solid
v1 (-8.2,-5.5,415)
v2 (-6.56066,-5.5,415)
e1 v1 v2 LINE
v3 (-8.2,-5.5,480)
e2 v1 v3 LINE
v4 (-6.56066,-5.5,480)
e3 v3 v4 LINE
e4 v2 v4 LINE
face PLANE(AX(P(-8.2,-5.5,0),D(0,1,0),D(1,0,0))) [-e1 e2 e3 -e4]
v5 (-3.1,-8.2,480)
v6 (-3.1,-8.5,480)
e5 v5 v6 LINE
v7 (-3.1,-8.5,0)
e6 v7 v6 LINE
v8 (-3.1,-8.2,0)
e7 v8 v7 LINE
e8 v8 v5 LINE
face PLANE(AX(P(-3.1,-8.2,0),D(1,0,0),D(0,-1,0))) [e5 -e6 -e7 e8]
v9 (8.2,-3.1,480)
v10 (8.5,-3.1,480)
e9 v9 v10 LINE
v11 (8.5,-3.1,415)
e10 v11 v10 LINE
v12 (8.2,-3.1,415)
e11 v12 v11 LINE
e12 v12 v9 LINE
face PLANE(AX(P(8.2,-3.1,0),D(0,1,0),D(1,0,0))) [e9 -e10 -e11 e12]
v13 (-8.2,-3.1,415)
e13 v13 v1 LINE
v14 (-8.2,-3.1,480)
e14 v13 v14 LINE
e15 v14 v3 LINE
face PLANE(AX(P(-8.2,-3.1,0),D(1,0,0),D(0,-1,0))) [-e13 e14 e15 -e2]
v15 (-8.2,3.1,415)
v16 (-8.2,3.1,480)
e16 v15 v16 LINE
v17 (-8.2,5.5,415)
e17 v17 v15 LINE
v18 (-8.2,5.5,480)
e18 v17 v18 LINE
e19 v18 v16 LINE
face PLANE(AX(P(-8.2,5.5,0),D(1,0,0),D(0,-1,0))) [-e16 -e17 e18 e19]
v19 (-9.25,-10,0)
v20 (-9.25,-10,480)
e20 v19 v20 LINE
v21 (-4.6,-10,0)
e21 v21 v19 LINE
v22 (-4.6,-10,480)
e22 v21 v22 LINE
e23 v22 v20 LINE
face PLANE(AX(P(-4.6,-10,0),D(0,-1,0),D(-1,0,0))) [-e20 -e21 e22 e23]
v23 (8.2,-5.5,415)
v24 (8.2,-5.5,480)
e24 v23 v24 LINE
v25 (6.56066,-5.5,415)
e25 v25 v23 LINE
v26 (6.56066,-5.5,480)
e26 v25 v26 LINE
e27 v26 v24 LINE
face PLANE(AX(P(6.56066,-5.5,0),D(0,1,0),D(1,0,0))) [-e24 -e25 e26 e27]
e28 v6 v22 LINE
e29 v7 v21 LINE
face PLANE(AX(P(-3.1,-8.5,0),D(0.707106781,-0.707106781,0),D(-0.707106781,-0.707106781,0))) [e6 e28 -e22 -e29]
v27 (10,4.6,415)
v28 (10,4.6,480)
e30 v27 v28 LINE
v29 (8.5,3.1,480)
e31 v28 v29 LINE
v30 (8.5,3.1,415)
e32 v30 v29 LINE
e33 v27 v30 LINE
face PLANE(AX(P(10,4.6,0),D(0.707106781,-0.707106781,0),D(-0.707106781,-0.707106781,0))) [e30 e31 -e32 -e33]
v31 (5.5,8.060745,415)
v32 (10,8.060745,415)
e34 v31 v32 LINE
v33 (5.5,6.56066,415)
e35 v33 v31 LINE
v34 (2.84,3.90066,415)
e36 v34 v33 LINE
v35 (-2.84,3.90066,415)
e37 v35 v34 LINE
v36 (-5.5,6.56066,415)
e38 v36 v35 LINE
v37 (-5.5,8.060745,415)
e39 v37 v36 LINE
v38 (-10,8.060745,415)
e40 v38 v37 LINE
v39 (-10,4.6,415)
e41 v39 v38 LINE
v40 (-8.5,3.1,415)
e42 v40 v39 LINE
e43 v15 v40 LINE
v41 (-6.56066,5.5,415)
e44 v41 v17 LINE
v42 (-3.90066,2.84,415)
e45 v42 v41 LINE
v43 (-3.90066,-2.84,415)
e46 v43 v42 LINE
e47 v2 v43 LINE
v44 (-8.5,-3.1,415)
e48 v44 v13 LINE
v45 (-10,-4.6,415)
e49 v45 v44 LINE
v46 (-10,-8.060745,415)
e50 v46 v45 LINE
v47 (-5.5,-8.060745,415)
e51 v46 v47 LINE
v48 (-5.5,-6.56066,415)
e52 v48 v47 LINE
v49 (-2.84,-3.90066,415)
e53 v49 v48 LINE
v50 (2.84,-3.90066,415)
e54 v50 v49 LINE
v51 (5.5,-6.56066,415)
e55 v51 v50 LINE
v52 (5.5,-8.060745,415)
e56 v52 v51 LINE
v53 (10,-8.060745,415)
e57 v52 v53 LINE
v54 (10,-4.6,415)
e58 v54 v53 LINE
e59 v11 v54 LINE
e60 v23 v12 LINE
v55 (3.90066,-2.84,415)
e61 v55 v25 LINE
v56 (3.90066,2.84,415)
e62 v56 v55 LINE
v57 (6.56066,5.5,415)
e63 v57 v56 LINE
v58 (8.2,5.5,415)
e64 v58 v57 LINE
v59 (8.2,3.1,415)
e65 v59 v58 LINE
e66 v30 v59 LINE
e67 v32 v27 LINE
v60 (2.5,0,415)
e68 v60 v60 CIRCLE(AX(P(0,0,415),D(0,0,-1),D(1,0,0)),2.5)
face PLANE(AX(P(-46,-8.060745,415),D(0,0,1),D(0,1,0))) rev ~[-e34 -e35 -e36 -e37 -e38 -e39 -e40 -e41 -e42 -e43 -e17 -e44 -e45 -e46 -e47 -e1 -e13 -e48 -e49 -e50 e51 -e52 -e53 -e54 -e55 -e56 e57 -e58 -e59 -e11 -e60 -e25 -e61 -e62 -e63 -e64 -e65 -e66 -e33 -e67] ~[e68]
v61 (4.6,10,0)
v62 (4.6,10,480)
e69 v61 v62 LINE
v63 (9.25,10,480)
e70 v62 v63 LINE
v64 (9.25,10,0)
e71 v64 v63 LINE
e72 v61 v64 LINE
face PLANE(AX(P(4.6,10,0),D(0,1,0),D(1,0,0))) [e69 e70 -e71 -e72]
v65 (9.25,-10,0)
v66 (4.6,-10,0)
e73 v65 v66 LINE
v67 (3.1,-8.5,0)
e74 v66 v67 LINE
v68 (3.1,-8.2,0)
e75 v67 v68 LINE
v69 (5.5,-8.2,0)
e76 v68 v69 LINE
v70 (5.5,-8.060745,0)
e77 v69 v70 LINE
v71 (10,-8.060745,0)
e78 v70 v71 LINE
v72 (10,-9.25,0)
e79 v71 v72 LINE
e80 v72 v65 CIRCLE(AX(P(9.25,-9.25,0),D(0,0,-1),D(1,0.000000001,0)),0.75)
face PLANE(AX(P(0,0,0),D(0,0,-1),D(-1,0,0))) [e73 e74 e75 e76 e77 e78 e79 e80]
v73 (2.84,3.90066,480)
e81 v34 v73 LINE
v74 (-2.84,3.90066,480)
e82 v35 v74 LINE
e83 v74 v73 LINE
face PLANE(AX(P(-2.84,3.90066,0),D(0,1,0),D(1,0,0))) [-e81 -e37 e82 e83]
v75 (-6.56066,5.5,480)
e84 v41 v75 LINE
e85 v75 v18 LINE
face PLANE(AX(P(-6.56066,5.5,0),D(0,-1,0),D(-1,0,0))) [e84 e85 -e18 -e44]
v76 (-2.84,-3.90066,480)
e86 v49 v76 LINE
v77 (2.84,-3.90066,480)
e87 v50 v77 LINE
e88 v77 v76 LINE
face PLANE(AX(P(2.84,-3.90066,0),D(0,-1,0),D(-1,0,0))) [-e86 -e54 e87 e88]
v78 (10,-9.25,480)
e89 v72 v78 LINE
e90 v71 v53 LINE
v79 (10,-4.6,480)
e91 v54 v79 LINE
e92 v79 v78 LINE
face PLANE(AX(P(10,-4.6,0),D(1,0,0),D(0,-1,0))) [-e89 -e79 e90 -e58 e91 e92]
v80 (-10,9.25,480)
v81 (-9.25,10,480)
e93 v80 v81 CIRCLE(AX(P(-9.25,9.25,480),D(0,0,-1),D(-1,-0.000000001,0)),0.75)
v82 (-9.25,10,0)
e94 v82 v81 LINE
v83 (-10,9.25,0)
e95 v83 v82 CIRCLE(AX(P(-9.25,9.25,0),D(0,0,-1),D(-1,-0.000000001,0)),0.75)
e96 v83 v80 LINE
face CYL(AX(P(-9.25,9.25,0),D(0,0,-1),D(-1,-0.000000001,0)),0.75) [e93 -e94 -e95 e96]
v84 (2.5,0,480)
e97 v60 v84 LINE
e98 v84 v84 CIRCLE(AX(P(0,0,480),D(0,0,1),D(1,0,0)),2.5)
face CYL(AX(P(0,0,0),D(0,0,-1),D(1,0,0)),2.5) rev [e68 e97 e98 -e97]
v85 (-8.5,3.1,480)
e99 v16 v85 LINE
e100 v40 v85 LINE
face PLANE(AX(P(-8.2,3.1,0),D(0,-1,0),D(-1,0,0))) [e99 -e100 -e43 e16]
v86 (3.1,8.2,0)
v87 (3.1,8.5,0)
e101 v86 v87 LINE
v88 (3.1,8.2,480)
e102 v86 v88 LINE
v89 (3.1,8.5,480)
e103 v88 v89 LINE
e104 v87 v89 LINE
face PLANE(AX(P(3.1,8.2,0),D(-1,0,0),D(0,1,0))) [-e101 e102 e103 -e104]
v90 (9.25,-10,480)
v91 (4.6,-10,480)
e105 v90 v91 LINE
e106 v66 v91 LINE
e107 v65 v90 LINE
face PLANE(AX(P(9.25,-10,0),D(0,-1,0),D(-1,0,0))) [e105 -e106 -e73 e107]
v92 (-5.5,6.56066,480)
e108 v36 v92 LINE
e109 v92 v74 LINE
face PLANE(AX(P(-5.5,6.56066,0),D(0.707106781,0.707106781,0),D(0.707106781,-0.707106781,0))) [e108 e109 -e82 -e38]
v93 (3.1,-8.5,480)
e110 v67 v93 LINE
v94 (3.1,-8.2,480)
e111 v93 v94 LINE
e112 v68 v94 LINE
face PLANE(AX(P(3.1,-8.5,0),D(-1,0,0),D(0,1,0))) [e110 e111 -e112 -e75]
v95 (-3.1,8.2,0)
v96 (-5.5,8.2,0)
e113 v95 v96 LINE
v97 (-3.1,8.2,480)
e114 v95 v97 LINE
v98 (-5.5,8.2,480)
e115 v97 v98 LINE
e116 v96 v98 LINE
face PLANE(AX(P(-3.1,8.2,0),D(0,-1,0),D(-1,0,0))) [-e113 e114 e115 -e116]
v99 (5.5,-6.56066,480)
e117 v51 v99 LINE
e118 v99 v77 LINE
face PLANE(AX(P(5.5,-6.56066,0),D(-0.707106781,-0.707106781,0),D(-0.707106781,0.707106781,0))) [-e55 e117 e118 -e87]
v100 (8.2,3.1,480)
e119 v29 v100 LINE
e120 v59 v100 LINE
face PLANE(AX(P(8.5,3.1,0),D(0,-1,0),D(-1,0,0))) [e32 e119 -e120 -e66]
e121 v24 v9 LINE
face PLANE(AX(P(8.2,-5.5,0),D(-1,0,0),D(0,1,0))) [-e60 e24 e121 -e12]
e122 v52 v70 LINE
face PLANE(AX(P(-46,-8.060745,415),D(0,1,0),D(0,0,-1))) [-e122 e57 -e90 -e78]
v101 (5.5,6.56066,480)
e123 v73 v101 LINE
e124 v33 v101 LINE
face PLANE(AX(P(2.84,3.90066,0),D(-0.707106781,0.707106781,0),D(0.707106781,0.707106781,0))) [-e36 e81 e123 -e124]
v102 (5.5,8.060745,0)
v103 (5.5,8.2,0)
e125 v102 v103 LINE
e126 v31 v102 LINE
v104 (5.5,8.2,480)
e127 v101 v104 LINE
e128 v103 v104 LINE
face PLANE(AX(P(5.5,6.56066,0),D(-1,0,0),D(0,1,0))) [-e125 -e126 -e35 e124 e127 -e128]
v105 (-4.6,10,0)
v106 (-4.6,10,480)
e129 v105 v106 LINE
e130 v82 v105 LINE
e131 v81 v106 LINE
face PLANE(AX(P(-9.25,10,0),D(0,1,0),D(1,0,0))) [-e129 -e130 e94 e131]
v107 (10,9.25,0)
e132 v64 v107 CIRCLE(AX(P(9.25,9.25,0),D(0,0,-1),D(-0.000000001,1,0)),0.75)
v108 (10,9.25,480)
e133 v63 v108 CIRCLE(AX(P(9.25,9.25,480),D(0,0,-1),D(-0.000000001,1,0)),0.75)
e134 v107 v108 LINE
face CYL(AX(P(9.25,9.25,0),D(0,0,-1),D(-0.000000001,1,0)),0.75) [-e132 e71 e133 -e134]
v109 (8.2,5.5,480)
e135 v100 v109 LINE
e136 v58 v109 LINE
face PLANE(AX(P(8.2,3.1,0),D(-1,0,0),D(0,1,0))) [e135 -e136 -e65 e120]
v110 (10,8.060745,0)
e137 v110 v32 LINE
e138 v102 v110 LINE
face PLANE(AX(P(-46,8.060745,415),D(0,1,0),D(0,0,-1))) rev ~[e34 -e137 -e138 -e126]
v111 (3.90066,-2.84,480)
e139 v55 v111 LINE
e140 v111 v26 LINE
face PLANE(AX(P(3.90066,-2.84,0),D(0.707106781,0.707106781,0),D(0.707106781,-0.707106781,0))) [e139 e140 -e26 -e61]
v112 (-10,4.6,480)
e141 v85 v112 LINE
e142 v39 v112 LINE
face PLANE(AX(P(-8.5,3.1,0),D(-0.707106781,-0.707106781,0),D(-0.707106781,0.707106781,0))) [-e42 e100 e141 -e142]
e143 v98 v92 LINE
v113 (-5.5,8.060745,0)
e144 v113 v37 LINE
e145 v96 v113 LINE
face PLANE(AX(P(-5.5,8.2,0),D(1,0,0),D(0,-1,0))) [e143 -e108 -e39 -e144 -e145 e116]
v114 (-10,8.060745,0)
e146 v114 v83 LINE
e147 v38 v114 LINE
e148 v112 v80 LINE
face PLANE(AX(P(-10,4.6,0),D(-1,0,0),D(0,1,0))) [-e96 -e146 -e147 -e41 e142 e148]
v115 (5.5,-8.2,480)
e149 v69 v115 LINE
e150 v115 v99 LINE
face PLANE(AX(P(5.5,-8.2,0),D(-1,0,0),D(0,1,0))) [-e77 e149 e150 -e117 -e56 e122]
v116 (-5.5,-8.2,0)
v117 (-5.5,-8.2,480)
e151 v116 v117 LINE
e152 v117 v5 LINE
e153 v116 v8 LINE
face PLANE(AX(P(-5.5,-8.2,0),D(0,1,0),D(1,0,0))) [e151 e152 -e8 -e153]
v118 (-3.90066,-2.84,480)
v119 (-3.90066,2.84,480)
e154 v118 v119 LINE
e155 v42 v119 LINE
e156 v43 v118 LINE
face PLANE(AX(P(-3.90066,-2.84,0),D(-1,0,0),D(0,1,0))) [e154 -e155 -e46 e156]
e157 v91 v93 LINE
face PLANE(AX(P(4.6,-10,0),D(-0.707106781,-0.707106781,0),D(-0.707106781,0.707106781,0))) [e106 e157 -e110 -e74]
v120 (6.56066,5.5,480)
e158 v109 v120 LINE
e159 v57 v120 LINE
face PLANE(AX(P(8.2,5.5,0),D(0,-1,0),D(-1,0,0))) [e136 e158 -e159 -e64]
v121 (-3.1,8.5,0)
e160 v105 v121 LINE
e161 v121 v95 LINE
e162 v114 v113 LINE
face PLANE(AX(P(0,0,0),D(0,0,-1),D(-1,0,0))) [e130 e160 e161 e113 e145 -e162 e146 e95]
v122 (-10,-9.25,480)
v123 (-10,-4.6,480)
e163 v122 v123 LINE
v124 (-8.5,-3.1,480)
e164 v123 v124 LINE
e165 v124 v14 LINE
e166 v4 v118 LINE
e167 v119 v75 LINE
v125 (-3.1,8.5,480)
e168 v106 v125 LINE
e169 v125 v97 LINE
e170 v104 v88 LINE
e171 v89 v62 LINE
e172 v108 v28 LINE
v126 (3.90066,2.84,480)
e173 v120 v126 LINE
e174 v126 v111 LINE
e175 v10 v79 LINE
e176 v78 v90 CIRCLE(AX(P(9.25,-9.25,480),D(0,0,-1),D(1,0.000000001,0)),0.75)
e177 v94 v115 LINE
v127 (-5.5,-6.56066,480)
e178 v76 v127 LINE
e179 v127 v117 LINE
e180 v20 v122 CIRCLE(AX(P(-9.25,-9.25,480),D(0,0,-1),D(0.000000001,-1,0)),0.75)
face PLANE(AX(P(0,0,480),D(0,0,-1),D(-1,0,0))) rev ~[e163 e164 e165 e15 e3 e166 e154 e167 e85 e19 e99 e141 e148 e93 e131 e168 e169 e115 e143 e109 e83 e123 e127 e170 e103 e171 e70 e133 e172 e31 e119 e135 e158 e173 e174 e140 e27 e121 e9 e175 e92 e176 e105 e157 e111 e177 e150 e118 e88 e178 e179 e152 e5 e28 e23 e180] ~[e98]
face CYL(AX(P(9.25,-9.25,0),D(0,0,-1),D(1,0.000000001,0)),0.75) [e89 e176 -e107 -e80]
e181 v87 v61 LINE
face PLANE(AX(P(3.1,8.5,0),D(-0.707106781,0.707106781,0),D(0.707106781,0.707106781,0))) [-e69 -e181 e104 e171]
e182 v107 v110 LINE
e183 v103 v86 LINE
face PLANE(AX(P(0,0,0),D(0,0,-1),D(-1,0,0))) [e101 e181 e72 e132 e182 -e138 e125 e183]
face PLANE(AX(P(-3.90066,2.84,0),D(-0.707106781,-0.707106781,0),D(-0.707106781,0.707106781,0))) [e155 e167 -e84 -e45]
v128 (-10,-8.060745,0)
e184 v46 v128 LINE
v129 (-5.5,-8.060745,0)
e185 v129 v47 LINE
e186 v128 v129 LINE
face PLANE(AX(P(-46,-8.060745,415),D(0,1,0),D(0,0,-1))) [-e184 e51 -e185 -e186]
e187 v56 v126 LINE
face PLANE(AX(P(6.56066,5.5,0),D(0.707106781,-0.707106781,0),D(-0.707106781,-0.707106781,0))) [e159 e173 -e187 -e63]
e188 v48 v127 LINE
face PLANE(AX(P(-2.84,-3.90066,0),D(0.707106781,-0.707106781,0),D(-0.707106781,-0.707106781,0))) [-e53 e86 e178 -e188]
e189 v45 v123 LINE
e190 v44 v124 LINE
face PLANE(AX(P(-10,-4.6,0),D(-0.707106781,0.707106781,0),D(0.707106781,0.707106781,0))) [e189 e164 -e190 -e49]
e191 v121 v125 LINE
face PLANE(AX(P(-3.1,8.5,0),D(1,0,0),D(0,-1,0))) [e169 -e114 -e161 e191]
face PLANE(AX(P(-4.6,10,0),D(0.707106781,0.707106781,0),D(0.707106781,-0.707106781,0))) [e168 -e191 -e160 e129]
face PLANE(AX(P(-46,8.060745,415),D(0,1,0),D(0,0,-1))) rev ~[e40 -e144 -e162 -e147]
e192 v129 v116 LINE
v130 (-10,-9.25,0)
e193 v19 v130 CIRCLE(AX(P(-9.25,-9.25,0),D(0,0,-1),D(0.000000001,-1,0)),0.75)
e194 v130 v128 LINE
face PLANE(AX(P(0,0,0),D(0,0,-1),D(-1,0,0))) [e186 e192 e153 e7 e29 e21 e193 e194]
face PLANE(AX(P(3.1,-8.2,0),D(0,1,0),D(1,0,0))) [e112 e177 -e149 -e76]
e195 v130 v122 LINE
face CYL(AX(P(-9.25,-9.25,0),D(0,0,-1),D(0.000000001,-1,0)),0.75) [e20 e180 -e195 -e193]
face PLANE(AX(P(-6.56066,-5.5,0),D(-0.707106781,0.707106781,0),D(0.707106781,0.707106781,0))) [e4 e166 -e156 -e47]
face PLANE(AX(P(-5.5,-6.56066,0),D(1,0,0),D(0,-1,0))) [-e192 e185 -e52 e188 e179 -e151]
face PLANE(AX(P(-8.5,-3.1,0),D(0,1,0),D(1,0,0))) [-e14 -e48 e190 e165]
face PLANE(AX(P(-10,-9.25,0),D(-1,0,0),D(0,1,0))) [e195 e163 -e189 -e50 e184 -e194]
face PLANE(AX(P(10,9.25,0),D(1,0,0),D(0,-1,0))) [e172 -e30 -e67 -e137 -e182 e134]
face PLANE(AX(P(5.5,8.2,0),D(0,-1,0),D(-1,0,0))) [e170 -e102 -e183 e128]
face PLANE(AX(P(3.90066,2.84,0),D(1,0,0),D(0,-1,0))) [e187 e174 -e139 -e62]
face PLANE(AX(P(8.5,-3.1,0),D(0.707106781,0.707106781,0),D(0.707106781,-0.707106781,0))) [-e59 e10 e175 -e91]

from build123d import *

# Parameters (mm, degrees)
CROQUIS1_R              = 2.5
SALIENTE_EXTRUIR1_DEPTH = 480
CUT_EXTRUDE1_DEPTH      = 47
CUT_EXTRUDE1_DEPTH_BACK = 46
SKETCH2_W               = 830
SKETCH2_H               = 16.121490986


with BuildPart() as part:
    # Croquis1 → Saliente-Extruir1 (new body)
    with BuildSketch(Plane.XY):
        with BuildLine():
            Line((-4.6, 10), (-3.1, 8.5))
            Line((-3.1, 8.5), (-3.1, 8.2))
            Line((-3.1, 8.2), (-5.5, 8.2))
            Line((-5.5, 8.2), (-5.5, 6.560660172))
            Line((-5.5, 6.560660172), (-2.84, 3.900660172))
            Line((-2.84, 3.900660172), (0, 3.900660172))
            Line((0, 3.900660172), (2.84, 3.900660172))
            Line((2.84, 3.900660172), (5.5, 6.560660172))
            Line((5.5, 6.560660172), (5.5, 8.2))
            Line((5.5, 8.2), (3.1, 8.2))
            Line((3.1, 8.2), (3.1, 8.5))
            Line((3.1, 8.5), (4.6, 10))
            Line((4.6, 10), (9.25, 10))
            ThreePointArc((9.25, 10), (9.780330086, 9.780330086), (10, 9.25))
            Line((10, 9.25), (10, 4.6))
            Line((10, 4.6), (8.5, 3.1))
            Line((8.5, 3.1), (8.2, 3.1))
            Line((8.2, 3.1), (8.2, 5.5))
            Line((8.2, 5.5), (6.560660172, 5.5))
            Line((6.560660172, 5.5), (3.900660172, 2.84))
            Line((3.900660172, 2.84), (3.900660172, 0))
            Line((3.900660172, 0), (3.900660172, -2.84))
            Line((3.900660172, -2.84), (6.560660172, -5.5))
            Line((6.560660172, -5.5), (8.2, -5.5))
            Line((8.2, -5.5), (8.2, -3.1))
            Line((8.2, -3.1), (8.5, -3.1))
            Line((8.5, -3.1), (10, -4.6))
            Line((10, -4.6), (10, -9.25))
            ThreePointArc((10, -9.25), (9.780330086, -9.780330086), (9.25, -10))
            Line((9.25, -10), (4.6, -10))
            Line((4.6, -10), (3.1, -8.5))
            Line((3.1, -8.5), (3.1, -8.2))
            Line((3.1, -8.2), (5.5, -8.2))
            Line((5.5, -8.2), (5.5, -6.560660172))
            Line((5.5, -6.560660172), (2.84, -3.900660172))
            Line((2.84, -3.900660172), (0, -3.900660172))
            Line((0, -3.900660172), (-2.84, -3.900660172))
            Line((-2.84, -3.900660172), (-5.5, -6.560660172))
            Line((-5.5, -6.560660172), (-5.5, -8.2))
            Line((-5.5, -8.2), (-3.1, -8.2))
            Line((-3.1, -8.2), (-3.1, -8.5))
            Line((-3.1, -8.5), (-4.6, -10))
            Line((-4.6, -10), (-9.25, -10))
            ThreePointArc((-9.25, -10), (-9.780330086, -9.780330086), (-10, -9.25))
            Line((-10, -9.25), (-10, -4.6))
            Line((-10, -4.6), (-8.5, -3.1))
            Line((-8.5, -3.1), (-8.2, -3.1))
            Line((-8.2, -3.1), (-8.2, -5.5))
            Line((-8.2, -5.5), (-6.560660172, -5.5))
            Line((-6.560660172, -5.5), (-3.900660172, -2.84))
            Line((-3.900660172, -2.84), (-3.900660172, 0))
            Line((-3.900660172, 0), (-3.900660172, 2.84))
            Line((-3.900660172, 2.84), (-6.560660172, 5.5))
            Line((-6.560660172, 5.5), (-8.2, 5.5))
            Line((-8.2, 5.5), (-8.2, 3.1))
            Line((-8.2, 3.1), (-8.5, 3.1))
            Line((-8.5, 3.1), (-10, 4.6))
            Line((-10, 4.6), (-10, 9.25))
            ThreePointArc((-10, 9.25), (-9.780330086, 9.780330086), (-9.25, 10))
            Line((-9.25, 10), (-4.6, 10))
        make_face()
        Circle(CROQUIS1_R, mode=Mode.SUBTRACT)
    extrude(amount=SALIENTE_EXTRUIR1_DEPTH)

    # Sketch2 → Cut-Extrude1 (cut, two sides: drawn at the far end of the back side and taken through both)
    with BuildSketch(Plane(origin=(0, 0, 0), x_dir=(0, 0, -1), z_dir=(1, 0, 0)).offset(-CUT_EXTRUDE1_DEPTH_BACK)):
        Rectangle(SKETCH2_W, SKETCH2_H)
    extrude(amount=CUT_EXTRUDE1_DEPTH + CUT_EXTRUDE1_DEPTH_BACK, mode=Mode.SUBTRACT)


solid = part.part
